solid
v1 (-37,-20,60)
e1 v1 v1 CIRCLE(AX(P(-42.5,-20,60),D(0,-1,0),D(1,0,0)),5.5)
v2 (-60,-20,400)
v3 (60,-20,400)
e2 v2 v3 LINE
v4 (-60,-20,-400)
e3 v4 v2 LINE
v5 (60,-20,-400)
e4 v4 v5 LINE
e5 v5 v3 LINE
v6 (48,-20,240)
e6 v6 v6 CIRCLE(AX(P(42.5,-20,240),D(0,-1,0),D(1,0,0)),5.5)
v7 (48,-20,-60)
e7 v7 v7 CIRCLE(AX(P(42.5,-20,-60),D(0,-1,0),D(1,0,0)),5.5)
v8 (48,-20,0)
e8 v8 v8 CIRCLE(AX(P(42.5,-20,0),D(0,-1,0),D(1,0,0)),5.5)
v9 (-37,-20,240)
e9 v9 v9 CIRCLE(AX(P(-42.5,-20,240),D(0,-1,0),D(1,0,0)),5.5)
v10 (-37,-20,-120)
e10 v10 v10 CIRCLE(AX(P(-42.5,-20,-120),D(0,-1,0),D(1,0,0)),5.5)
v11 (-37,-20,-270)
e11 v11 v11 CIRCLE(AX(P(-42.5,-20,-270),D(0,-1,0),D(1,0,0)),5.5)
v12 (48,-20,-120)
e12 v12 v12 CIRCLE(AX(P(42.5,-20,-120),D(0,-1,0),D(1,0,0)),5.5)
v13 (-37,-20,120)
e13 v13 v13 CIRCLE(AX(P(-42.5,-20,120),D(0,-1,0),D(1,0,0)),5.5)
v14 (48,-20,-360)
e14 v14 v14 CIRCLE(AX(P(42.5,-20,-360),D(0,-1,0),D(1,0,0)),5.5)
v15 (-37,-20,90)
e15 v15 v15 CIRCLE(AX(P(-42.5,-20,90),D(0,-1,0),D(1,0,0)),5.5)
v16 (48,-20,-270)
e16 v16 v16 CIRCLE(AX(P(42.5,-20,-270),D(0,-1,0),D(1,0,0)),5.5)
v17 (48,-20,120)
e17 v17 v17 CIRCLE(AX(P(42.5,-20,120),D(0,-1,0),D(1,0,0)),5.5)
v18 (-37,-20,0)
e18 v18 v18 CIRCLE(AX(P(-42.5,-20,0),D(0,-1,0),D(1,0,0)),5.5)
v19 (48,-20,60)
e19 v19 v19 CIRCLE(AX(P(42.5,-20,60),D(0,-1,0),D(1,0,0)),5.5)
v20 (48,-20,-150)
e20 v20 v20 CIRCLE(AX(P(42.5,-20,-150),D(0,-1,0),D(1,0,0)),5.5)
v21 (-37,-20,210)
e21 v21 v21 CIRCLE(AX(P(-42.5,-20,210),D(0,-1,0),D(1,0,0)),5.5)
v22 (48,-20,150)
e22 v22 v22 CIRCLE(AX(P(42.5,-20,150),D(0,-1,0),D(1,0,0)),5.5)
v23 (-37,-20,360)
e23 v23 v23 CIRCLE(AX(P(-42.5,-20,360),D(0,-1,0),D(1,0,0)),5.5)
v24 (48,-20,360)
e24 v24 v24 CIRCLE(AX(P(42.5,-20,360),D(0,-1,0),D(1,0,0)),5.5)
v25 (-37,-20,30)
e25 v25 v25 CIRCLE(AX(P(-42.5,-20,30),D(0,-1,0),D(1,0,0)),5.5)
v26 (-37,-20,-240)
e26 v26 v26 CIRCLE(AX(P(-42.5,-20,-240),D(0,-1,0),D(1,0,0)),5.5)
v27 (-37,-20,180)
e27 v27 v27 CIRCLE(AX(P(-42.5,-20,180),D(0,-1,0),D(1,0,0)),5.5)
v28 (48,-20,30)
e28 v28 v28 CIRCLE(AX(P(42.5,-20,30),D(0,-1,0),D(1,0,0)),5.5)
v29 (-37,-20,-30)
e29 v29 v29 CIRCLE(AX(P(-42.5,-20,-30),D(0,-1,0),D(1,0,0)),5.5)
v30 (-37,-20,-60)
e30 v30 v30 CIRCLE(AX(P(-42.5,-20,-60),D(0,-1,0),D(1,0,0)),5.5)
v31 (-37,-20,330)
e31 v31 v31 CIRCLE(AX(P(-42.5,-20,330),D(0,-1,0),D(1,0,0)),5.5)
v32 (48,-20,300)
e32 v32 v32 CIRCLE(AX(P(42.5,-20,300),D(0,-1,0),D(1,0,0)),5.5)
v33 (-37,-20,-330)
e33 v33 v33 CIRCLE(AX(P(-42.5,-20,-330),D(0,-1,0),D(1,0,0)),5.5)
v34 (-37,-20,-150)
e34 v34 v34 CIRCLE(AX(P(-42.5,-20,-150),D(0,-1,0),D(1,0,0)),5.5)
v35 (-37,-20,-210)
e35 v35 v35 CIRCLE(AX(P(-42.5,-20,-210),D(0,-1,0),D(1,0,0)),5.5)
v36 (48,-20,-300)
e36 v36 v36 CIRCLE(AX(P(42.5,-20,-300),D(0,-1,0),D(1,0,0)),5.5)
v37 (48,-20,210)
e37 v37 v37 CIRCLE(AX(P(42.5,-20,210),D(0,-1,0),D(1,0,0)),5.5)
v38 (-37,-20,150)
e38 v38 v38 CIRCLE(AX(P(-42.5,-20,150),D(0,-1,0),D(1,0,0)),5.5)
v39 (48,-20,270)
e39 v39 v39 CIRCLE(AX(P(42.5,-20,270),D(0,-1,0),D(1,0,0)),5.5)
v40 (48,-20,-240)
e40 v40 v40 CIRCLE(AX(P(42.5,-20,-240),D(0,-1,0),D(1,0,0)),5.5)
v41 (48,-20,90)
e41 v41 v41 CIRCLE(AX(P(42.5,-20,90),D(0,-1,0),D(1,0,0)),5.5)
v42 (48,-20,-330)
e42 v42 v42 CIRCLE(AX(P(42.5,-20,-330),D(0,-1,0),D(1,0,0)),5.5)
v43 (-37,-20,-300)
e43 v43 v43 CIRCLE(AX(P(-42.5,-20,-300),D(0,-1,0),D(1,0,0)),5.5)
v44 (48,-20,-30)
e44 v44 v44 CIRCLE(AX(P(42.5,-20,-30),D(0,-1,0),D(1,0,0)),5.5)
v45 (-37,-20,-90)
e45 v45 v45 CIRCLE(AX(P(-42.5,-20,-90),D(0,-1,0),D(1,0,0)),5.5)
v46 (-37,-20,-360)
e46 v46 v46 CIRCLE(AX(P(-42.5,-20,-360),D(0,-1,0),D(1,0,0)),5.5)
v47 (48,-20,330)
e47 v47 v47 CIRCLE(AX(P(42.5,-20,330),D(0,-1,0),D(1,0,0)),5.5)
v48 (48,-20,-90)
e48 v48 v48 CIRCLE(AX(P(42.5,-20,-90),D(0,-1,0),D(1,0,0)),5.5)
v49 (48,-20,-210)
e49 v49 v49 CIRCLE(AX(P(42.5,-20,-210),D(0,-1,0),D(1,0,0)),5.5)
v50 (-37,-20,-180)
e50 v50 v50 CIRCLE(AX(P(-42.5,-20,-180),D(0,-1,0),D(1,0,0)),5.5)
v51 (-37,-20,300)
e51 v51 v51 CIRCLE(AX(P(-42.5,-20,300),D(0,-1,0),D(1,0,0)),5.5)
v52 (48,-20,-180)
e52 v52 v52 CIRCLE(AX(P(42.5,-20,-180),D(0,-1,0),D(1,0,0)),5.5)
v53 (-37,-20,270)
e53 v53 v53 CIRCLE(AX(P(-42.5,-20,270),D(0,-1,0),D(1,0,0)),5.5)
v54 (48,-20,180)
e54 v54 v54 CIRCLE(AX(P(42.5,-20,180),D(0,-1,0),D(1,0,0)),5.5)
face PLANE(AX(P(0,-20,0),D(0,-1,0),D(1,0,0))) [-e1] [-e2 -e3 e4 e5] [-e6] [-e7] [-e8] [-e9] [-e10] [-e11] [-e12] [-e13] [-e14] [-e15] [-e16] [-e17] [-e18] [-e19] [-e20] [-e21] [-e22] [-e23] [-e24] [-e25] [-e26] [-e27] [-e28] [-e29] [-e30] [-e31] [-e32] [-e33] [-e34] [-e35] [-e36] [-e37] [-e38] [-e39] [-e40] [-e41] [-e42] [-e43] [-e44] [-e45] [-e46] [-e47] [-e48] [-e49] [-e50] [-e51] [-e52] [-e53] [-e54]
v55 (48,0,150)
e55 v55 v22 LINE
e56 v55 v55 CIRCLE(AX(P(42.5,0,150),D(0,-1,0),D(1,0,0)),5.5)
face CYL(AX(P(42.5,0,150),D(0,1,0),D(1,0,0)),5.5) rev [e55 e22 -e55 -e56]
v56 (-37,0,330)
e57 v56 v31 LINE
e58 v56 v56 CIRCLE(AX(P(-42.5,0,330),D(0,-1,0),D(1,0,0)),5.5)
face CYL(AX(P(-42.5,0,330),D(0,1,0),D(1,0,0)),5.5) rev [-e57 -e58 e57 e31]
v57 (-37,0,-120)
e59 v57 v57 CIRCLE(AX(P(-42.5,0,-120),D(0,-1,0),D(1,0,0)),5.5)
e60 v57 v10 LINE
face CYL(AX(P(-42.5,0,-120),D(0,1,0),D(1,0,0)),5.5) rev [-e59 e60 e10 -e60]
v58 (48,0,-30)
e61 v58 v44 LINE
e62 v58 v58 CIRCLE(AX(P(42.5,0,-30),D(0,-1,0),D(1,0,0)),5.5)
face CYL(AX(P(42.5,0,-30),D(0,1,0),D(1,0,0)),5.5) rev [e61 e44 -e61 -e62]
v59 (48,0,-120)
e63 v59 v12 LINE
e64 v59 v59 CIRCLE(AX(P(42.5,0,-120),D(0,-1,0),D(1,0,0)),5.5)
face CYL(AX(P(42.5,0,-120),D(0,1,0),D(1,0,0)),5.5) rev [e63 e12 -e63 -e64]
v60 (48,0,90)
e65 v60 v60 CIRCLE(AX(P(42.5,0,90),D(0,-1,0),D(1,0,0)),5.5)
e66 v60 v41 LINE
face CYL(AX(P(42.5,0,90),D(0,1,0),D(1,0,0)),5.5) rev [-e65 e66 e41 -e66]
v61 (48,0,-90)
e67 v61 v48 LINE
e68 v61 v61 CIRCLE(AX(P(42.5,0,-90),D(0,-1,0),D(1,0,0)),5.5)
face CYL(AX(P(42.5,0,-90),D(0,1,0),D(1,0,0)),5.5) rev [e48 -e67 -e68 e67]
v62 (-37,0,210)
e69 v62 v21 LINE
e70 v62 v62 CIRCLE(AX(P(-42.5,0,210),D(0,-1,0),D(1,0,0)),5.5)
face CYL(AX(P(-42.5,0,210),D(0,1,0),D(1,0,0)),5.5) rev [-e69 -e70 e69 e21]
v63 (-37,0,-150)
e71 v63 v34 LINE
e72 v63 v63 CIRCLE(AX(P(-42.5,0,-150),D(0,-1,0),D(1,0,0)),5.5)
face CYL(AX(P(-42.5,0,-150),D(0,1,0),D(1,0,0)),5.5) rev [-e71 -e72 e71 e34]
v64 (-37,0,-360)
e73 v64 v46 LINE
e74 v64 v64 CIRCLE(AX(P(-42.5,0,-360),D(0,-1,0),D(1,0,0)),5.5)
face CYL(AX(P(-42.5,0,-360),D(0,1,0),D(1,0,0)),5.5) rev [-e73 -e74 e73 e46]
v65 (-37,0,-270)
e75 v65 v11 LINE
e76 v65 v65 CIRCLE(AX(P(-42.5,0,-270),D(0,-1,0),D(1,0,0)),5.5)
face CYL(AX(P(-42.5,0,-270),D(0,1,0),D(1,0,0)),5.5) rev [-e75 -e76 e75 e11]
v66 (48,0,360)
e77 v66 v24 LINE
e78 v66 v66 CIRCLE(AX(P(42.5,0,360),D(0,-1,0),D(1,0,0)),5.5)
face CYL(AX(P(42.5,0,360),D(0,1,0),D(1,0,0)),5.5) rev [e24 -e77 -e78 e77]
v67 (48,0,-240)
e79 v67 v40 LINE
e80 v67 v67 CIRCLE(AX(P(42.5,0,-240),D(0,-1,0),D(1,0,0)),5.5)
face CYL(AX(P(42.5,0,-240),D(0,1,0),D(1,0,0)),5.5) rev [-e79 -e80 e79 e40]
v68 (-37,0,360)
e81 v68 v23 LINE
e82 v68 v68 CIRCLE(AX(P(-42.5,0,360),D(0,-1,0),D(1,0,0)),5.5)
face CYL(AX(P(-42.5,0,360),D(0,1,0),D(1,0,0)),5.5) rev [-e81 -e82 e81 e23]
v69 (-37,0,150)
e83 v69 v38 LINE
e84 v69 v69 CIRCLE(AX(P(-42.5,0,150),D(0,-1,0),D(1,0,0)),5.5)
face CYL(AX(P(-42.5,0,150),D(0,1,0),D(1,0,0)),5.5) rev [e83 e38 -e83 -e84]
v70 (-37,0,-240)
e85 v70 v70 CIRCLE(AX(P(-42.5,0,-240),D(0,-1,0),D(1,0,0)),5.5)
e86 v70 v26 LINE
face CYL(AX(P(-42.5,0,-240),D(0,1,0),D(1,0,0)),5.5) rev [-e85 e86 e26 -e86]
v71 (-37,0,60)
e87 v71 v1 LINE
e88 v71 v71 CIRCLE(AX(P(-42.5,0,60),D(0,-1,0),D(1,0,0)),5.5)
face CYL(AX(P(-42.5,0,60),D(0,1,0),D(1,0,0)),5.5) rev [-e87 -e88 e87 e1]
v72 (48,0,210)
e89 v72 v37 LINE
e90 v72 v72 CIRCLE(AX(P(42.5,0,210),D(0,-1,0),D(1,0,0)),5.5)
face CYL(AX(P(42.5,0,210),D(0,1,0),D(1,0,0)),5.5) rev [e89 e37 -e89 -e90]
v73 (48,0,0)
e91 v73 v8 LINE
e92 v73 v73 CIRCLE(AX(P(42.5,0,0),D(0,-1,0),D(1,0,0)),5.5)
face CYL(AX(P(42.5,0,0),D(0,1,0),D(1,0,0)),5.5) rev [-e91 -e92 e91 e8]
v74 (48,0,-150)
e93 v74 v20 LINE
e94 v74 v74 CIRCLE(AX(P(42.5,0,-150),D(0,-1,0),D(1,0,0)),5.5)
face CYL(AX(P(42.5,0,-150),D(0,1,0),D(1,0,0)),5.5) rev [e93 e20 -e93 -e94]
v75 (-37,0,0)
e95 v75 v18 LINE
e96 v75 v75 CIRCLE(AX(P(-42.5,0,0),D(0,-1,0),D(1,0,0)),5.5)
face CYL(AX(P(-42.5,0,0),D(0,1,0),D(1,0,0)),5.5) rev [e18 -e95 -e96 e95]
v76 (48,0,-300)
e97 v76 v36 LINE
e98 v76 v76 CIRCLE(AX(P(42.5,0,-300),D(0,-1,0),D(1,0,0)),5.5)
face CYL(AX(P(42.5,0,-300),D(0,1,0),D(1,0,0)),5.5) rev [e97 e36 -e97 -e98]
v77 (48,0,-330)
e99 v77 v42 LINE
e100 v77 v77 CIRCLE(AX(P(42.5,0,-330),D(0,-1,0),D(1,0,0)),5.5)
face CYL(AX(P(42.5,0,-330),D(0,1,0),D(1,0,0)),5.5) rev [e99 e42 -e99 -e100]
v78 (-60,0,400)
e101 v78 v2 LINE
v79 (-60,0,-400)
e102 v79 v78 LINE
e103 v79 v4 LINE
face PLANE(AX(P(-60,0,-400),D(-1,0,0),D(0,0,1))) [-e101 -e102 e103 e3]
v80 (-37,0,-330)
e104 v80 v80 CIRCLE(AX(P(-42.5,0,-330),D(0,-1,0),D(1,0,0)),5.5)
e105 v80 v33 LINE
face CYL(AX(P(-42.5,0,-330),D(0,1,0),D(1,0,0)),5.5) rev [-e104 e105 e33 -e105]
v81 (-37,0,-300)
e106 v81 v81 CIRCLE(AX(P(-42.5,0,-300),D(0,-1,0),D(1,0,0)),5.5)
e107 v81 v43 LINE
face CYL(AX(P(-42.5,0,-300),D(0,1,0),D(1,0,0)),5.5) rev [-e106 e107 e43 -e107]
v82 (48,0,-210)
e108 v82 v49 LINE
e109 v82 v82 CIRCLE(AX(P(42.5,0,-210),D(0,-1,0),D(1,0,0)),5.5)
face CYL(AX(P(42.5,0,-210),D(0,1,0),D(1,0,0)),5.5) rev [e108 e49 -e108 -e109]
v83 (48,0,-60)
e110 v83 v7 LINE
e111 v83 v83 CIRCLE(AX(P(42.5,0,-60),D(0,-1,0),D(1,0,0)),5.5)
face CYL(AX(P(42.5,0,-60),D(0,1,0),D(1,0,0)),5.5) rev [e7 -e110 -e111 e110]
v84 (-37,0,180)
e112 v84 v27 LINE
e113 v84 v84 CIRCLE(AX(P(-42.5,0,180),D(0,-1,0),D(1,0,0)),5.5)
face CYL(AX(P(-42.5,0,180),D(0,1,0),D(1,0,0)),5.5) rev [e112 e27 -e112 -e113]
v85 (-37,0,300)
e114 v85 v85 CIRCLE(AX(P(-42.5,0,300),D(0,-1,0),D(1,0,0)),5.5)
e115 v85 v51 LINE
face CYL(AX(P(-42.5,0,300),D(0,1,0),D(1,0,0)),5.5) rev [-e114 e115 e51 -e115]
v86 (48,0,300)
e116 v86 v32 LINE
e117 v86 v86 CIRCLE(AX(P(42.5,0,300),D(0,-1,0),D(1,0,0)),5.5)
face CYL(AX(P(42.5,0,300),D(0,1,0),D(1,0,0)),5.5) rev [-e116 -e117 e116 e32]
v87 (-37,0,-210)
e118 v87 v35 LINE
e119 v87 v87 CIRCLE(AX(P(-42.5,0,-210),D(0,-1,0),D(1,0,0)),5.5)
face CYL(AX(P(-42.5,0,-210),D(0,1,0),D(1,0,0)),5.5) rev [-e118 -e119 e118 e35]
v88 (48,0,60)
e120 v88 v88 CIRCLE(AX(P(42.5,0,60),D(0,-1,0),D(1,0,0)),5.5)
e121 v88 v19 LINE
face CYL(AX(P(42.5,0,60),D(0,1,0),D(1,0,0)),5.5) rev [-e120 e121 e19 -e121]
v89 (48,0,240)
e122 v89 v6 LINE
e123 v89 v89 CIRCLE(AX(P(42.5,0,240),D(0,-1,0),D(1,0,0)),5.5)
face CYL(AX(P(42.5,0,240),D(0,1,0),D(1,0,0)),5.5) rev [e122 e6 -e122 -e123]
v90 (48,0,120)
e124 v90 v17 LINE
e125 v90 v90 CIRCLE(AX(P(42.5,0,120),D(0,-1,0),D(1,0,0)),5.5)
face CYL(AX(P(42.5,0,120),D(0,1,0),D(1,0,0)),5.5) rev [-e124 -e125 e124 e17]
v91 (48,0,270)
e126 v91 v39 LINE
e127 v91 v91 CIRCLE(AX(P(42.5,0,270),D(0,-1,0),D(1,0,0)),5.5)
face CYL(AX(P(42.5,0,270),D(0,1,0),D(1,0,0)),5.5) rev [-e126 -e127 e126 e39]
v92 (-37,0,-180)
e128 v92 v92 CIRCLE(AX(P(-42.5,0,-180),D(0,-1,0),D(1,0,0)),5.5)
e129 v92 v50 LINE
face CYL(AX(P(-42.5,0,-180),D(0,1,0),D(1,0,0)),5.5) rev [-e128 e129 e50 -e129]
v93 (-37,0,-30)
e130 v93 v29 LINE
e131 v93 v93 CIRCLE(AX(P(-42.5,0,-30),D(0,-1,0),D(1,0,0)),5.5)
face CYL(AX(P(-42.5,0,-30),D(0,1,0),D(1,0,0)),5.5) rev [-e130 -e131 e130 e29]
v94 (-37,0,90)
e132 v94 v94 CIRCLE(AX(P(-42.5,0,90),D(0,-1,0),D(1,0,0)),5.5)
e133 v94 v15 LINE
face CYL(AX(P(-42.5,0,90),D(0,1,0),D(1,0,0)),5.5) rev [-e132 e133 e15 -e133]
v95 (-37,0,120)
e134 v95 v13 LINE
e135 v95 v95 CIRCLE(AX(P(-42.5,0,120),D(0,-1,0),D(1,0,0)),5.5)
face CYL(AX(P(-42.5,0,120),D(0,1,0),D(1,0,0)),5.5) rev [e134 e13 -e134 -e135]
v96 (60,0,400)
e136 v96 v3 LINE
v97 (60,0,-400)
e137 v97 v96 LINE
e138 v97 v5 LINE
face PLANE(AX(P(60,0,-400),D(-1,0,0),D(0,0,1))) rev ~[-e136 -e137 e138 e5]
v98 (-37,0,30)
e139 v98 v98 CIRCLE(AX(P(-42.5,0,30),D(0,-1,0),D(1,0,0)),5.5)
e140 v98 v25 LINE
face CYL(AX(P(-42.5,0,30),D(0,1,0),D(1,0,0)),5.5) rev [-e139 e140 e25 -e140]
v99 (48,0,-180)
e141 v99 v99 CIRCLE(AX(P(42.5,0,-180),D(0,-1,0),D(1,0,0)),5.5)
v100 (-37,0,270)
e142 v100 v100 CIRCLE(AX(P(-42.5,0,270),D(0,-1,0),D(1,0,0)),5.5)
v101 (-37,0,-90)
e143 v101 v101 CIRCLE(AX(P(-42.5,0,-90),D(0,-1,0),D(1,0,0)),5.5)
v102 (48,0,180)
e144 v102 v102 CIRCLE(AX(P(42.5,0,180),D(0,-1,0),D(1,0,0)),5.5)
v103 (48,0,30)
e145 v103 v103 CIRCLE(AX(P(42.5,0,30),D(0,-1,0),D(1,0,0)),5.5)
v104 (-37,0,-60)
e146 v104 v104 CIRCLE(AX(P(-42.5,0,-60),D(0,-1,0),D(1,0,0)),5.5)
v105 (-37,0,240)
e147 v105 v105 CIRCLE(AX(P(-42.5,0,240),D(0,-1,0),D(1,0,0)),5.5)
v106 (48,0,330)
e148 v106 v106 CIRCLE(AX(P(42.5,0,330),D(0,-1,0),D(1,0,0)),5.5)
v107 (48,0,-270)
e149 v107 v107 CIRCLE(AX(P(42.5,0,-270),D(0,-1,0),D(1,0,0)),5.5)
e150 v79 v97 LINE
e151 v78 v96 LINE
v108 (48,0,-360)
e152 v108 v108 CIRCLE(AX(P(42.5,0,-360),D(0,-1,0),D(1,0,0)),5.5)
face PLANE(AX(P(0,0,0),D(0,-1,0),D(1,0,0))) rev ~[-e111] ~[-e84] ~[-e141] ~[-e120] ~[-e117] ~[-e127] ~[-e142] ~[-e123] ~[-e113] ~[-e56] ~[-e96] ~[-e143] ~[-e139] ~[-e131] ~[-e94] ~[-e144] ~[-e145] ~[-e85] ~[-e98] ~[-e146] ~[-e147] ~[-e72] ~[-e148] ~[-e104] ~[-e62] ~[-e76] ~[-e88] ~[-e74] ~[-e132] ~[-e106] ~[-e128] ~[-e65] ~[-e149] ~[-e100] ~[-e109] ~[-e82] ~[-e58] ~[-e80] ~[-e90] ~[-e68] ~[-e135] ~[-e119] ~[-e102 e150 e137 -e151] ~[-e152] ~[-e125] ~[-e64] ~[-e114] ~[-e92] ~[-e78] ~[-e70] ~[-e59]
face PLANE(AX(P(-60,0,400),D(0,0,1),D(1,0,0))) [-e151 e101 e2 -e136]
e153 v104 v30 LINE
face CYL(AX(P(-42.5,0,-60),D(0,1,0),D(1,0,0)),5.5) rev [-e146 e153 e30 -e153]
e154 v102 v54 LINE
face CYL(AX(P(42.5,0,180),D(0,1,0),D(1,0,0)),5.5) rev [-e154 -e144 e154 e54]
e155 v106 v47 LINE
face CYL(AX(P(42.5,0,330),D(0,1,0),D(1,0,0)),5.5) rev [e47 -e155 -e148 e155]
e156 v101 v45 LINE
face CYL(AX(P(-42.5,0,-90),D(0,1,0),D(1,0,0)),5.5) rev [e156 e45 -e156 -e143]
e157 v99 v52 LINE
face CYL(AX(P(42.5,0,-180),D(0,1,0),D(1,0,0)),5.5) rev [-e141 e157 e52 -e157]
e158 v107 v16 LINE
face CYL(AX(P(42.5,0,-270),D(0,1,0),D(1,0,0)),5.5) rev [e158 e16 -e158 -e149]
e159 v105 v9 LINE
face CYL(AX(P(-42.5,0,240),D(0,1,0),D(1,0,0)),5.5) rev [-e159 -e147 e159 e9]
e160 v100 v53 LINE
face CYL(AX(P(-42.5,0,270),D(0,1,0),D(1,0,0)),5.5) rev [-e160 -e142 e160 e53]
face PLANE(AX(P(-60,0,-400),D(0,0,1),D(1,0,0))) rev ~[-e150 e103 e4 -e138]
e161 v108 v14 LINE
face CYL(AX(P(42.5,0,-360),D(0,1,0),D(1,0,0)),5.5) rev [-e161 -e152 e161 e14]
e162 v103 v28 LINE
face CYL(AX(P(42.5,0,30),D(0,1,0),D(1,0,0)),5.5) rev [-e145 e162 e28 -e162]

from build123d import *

# Parameters (mm, degrees)
F0_W     = 120
F0_H     = 800
F0_R     = 5.5
F1_DEPTH = 20


with BuildPart() as f1:
    # F0 (on Front) → F1 (new body)
    with BuildSketch(Plane.XZ):
        Rectangle(F0_W, F0_H)
        with Locations((-42.5, -360)):
            Circle(F0_R, mode=Mode.SUBTRACT)
        with Locations((-42.5, -330)):
            Circle(F0_R, mode=Mode.SUBTRACT)
        with Locations((-42.5, -300)):
            Circle(F0_R, mode=Mode.SUBTRACT)
        with Locations((-42.5, -270)):
            Circle(F0_R, mode=Mode.SUBTRACT)
        with Locations((-42.5, -240)):
            Circle(F0_R, mode=Mode.SUBTRACT)
        with Locations((-42.5, -210)):
            Circle(F0_R, mode=Mode.SUBTRACT)
        with Locations((-42.5, -180)):
            Circle(F0_R, mode=Mode.SUBTRACT)
        with Locations((-42.5, -150)):
            Circle(F0_R, mode=Mode.SUBTRACT)
        with Locations((-42.5, -120)):
            Circle(F0_R, mode=Mode.SUBTRACT)
        with Locations((-42.5, -90)):
            Circle(F0_R, mode=Mode.SUBTRACT)
        with Locations((-42.5, -60)):
            Circle(F0_R, mode=Mode.SUBTRACT)
        with Locations((-42.5, -30)):
            Circle(F0_R, mode=Mode.SUBTRACT)
        with Locations((42.5, -360)):
            Circle(F0_R, mode=Mode.SUBTRACT)
        with Locations((42.5, -330)):
            Circle(F0_R, mode=Mode.SUBTRACT)
        with Locations((42.5, -300)):
            Circle(F0_R, mode=Mode.SUBTRACT)
        with Locations((42.5, -270)):
            Circle(F0_R, mode=Mode.SUBTRACT)
        with Locations((42.5, -240)):
            Circle(F0_R, mode=Mode.SUBTRACT)
        with Locations((42.5, -210)):
            Circle(F0_R, mode=Mode.SUBTRACT)
        with Locations((42.5, -180)):
            Circle(F0_R, mode=Mode.SUBTRACT)
        with Locations((42.5, -150)):
            Circle(F0_R, mode=Mode.SUBTRACT)
        with Locations((42.5, -120)):
            Circle(F0_R, mode=Mode.SUBTRACT)
        with Locations((42.5, -90)):
            Circle(F0_R, mode=Mode.SUBTRACT)
        with Locations((42.5, -60)):
            Circle(F0_R, mode=Mode.SUBTRACT)
        with Locations((42.5, -30)):
            Circle(F0_R, mode=Mode.SUBTRACT)
        with Locations((-42.5, 0)):
            Circle(F0_R, mode=Mode.SUBTRACT)
        with Locations((-42.5, 30)):
            Circle(F0_R, mode=Mode.SUBTRACT)
        with Locations((-42.5, 60)):
            Circle(F0_R, mode=Mode.SUBTRACT)
        with Locations((-42.5, 90)):
            Circle(F0_R, mode=Mode.SUBTRACT)
        with Locations((-42.5, 120)):
            Circle(F0_R, mode=Mode.SUBTRACT)
        with Locations((-42.5, 150)):
            Circle(F0_R, mode=Mode.SUBTRACT)
        with Locations((-42.5, 180)):
            Circle(F0_R, mode=Mode.SUBTRACT)
        with Locations((-42.5, 210)):
            Circle(F0_R, mode=Mode.SUBTRACT)
        with Locations((-42.5, 240)):
            Circle(F0_R, mode=Mode.SUBTRACT)
        with Locations((-42.5, 270)):
            Circle(F0_R, mode=Mode.SUBTRACT)
        with Locations((-42.5, 300)):
            Circle(F0_R, mode=Mode.SUBTRACT)
        with Locations((-42.5, 330)):
            Circle(F0_R, mode=Mode.SUBTRACT)
        with Locations((-42.5, 360)):
            Circle(F0_R, mode=Mode.SUBTRACT)
        with Locations((42.5, 0)):
            Circle(F0_R, mode=Mode.SUBTRACT)
        with Locations((42.5, 30)):
            Circle(F0_R, mode=Mode.SUBTRACT)
        with Locations((42.5, 60)):
            Circle(F0_R, mode=Mode.SUBTRACT)
        with Locations((42.5, 90)):
            Circle(F0_R, mode=Mode.SUBTRACT)
        with Locations((42.5, 120)):
            Circle(F0_R, mode=Mode.SUBTRACT)
        with Locations((42.5, 150)):
            Circle(F0_R, mode=Mode.SUBTRACT)
        with Locations((42.5, 180)):
            Circle(F0_R, mode=Mode.SUBTRACT)
        with Locations((42.5, 210)):
            Circle(F0_R, mode=Mode.SUBTRACT)
        with Locations((42.5, 240)):
            Circle(F0_R, mode=Mode.SUBTRACT)
        with Locations((42.5, 270)):
            Circle(F0_R, mode=Mode.SUBTRACT)
        with Locations((42.5, 300)):
            Circle(F0_R, mode=Mode.SUBTRACT)
        with Locations((42.5, 330)):
            Circle(F0_R, mode=Mode.SUBTRACT)
        with Locations((42.5, 360)):
            Circle(F0_R, mode=Mode.SUBTRACT)
    extrude(amount=F1_DEPTH)


solid = f1.part
